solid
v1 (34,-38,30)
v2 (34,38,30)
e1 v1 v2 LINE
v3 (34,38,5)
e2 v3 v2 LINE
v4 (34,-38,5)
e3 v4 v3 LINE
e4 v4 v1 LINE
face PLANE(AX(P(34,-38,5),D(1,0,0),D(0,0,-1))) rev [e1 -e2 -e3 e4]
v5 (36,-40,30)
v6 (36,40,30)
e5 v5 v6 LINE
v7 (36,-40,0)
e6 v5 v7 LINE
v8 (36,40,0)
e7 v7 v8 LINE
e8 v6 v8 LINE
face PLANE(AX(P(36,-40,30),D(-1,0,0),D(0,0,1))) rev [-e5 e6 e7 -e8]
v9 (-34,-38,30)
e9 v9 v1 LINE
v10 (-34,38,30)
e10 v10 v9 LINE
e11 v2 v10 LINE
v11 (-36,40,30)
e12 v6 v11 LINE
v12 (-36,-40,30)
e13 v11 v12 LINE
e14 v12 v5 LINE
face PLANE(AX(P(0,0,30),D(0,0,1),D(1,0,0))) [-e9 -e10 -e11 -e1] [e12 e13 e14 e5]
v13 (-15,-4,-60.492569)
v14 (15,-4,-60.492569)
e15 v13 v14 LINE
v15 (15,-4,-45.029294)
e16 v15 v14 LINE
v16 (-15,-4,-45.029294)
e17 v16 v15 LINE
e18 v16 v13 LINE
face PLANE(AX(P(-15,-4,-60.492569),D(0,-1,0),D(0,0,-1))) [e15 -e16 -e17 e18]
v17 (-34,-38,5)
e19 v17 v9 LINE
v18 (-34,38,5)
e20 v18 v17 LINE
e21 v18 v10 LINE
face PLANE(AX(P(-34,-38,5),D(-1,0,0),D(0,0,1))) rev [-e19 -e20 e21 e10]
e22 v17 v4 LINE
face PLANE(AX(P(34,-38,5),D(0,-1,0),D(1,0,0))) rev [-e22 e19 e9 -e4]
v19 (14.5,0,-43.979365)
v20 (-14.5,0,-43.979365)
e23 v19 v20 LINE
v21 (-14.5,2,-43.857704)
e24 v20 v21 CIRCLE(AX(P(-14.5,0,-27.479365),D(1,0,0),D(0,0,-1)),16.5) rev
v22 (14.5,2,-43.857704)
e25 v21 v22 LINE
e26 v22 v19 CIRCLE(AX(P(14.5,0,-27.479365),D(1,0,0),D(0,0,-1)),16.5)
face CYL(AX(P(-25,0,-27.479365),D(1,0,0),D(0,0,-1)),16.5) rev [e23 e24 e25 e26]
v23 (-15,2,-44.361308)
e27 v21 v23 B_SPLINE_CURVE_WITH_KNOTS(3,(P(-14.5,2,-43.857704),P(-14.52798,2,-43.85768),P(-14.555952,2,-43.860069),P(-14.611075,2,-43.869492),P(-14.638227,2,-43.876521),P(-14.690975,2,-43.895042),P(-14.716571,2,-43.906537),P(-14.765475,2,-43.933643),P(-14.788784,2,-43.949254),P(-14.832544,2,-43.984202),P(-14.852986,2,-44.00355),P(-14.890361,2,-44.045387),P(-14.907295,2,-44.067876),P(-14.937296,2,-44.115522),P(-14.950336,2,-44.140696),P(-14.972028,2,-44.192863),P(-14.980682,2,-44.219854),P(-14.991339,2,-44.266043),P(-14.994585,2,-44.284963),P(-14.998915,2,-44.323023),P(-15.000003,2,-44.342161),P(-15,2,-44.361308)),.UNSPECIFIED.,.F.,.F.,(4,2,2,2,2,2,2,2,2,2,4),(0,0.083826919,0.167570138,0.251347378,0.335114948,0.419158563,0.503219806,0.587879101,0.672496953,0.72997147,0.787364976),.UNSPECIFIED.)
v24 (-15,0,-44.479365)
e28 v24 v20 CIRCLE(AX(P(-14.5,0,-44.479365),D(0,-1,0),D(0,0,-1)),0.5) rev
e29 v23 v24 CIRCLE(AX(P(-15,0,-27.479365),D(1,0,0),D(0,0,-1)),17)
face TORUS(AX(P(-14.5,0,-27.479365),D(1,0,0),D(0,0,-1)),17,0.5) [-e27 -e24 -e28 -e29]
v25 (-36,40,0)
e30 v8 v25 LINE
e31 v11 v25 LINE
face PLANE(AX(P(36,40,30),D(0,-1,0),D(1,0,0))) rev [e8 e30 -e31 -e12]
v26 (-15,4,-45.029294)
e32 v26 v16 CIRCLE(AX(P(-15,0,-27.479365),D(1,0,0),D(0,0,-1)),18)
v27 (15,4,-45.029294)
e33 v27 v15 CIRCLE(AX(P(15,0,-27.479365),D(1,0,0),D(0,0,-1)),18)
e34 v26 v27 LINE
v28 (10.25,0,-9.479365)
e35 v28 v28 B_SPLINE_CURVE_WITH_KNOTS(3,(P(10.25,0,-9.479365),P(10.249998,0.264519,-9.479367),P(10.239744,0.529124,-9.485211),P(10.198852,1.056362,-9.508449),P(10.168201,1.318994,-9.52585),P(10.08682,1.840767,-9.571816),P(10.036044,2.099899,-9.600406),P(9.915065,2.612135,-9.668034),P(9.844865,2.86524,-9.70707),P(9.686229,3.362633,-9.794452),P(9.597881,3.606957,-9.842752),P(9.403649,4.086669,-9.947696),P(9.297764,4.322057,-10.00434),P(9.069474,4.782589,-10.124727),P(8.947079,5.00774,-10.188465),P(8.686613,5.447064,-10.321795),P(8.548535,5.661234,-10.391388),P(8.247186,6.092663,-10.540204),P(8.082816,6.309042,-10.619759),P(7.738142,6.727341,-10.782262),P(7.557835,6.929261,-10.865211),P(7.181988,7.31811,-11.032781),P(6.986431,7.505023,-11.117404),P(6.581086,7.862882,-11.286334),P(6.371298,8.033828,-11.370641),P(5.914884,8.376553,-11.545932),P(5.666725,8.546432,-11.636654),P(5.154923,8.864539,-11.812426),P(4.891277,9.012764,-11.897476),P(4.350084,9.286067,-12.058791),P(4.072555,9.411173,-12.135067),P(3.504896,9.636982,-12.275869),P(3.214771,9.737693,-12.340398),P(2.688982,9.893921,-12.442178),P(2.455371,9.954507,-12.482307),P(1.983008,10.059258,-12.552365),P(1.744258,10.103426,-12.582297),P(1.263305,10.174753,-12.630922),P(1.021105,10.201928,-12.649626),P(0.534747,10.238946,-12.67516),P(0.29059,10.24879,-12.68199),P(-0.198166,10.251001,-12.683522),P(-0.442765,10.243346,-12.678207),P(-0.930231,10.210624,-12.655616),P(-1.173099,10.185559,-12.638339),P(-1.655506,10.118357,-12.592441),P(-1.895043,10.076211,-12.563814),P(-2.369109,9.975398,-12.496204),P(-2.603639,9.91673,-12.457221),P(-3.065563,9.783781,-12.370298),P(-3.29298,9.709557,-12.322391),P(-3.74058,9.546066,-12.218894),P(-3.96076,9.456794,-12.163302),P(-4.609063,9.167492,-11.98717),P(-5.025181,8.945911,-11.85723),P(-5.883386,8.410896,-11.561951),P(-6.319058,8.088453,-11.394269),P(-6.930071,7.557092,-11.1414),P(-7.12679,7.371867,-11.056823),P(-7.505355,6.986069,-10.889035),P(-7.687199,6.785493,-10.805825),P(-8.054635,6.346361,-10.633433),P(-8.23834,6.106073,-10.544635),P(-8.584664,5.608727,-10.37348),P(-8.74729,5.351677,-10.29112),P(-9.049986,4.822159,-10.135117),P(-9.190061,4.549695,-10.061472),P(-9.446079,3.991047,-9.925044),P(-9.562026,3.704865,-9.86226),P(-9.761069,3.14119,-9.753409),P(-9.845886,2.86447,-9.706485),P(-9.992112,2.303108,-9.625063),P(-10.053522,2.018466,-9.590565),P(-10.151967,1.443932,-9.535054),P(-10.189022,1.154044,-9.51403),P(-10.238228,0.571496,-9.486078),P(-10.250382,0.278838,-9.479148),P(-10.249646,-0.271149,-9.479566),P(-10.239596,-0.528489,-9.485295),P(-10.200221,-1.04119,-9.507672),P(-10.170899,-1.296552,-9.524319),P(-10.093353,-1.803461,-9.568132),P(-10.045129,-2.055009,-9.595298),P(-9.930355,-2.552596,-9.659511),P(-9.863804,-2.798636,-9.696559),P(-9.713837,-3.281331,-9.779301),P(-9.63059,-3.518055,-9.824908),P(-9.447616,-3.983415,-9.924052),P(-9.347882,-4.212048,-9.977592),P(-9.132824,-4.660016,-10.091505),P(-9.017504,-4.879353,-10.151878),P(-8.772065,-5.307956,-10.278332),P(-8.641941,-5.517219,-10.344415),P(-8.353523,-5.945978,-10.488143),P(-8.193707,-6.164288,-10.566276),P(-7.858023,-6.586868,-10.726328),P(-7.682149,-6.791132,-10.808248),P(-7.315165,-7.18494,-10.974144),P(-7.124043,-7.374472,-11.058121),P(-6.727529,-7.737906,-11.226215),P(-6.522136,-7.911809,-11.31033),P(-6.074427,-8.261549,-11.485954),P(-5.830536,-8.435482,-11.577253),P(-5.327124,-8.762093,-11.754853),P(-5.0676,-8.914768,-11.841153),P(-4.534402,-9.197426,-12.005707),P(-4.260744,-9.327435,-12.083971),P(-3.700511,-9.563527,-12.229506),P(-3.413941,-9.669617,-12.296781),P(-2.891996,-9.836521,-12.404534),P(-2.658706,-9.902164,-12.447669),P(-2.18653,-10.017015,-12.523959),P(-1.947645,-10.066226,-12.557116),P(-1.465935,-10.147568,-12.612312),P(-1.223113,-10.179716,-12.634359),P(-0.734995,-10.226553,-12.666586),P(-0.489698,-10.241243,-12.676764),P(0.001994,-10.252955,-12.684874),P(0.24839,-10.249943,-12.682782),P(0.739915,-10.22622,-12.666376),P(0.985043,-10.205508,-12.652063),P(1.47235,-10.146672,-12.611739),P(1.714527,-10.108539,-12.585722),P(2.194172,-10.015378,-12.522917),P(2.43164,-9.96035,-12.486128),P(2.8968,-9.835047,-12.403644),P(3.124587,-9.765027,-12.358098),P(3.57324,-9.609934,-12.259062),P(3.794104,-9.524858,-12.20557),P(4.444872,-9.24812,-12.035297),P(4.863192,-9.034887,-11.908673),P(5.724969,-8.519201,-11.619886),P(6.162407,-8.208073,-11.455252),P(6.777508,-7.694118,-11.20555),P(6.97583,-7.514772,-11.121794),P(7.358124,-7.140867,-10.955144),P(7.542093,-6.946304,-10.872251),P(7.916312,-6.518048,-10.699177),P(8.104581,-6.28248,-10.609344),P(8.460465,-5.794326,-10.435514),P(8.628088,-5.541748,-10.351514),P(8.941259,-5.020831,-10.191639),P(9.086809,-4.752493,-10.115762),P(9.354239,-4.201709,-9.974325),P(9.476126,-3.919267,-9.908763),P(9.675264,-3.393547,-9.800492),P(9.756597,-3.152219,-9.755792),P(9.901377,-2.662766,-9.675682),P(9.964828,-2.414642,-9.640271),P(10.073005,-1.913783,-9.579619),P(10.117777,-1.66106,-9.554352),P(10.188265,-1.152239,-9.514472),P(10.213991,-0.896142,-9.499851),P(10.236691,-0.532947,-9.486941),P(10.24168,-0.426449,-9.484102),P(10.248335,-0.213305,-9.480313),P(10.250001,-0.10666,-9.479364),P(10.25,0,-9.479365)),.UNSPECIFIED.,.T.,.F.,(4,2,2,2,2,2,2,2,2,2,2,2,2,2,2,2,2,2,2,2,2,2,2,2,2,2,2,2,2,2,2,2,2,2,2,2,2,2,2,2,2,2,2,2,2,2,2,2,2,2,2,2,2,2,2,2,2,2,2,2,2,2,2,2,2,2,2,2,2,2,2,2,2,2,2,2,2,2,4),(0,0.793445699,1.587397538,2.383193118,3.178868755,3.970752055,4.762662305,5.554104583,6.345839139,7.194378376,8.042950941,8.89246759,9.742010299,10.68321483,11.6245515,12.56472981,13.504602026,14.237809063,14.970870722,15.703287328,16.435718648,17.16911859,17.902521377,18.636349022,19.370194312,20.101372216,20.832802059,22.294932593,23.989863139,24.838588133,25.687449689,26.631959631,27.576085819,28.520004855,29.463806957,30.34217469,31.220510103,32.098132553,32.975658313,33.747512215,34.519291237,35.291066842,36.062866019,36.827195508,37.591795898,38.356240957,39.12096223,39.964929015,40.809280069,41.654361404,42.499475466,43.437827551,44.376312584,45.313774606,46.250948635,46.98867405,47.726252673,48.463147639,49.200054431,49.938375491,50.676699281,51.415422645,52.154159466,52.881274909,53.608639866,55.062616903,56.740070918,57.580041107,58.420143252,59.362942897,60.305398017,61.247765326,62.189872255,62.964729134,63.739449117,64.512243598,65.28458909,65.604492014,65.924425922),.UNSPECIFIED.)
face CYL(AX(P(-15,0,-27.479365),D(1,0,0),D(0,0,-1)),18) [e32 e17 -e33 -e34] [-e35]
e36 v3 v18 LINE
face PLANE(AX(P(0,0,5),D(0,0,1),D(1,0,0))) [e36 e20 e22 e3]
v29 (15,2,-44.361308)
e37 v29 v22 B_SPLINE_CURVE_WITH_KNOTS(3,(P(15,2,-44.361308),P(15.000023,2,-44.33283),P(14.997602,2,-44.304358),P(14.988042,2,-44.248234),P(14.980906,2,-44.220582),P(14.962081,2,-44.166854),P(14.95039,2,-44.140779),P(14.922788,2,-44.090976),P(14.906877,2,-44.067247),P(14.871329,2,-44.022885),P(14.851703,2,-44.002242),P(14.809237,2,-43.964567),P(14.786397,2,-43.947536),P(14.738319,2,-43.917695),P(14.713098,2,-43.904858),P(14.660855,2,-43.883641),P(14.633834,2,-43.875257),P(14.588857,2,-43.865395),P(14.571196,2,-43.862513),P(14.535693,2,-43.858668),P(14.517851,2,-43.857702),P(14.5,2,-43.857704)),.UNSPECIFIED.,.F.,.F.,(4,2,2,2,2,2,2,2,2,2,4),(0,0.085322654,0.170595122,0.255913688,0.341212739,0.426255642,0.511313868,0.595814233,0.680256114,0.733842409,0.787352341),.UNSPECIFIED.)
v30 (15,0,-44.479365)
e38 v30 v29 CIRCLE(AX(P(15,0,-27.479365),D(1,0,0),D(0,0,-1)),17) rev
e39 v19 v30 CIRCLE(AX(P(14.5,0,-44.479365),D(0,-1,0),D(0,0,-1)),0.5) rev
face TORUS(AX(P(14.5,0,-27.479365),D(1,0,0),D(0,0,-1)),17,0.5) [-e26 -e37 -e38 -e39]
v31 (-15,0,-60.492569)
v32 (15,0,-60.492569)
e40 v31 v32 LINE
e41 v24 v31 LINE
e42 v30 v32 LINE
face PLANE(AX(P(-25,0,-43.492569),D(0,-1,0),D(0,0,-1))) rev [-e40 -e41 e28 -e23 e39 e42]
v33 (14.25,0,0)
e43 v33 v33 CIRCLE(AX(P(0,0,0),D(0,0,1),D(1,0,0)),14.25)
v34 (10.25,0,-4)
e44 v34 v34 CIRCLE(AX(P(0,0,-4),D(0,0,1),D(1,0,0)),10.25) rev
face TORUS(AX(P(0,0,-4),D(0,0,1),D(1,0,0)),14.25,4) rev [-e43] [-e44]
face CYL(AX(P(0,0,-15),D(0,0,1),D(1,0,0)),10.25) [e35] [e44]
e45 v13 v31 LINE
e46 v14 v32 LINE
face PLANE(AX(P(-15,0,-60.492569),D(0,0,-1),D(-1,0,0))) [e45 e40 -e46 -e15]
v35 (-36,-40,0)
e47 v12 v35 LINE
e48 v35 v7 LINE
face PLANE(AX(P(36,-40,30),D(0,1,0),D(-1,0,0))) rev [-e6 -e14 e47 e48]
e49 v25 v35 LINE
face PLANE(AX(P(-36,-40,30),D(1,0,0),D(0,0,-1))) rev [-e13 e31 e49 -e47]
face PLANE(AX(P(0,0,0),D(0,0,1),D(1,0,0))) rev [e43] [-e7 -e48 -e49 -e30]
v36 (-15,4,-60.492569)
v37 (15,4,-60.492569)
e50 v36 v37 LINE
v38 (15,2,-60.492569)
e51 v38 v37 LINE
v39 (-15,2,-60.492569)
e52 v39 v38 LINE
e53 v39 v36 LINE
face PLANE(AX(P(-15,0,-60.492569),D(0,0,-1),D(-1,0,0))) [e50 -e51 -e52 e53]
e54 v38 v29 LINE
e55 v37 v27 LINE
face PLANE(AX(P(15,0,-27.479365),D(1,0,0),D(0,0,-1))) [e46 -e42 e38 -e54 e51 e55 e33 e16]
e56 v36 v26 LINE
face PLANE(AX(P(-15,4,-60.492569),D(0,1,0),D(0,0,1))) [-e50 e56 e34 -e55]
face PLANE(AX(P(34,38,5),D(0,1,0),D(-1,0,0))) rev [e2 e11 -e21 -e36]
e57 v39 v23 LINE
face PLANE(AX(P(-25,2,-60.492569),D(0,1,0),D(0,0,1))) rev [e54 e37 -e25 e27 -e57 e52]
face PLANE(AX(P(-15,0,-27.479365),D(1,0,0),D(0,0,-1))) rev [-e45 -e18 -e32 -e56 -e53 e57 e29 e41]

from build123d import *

# Parameters (mm, degrees)
ESBO_O1_W                     = 72
ESBO_O1_H                     = 80
RESSALTO_EXTRUS_O1_DEPTH      = 30
ESBO_O3_W                     = 68
ESBO_O3_H                     = 76
CORTE_EXTRUS_O1_DEPTH         = 25
ESBO_O7_R                     = 10.25
RESSALTO_EXTRUS_O3_DEPTH      = 15
FILETE1_R                     = 4
RESSALTO_EXTRUS_O4_DEPTH      = 15
RESSALTO_EXTRUS_O4_DEPTH_BACK = 15
ESBO_O9_R                     = 18
ESBO_O10_R                    = 16.5
CORTE_EXTRUS_O2_DEPTH         = 40
RESSALTO_EXTRUS_O5_DEPTH      = 15
RESSALTO_EXTRUS_O5_DEPTH_BACK = 15
ESBO_O12_W                    = 17
ESBO_O12_H                    = 2
CORTE_EXTRUS_O3_DEPTH         = 40
FILETE2_R                     = 0.5
FILETE3_R                     = 0.5


with BuildPart() as part:
    # Esboço1 → Ressalto-extrusão1 (new body)
    with BuildSketch(Plane.XY):
        Rectangle(ESBO_O1_W, ESBO_O1_H)
    extrude(amount=RESSALTO_EXTRUS_O1_DEPTH)

    # Esboço3 → Corte-extrusão1 (cut)
    with BuildSketch(Plane.XY.offset(30)):
        Rectangle(ESBO_O3_W, ESBO_O3_H)
    extrude(amount=-CORTE_EXTRUS_O1_DEPTH, mode=Mode.SUBTRACT)

    # Esboço7 → Ressalto-extrusão3 (add)
    with BuildSketch(Plane(origin=(0, 0, 0), x_dir=(-1, 0, 0), z_dir=(0, 0, -1))):
        Circle(ESBO_O7_R)
    extrude(amount=RESSALTO_EXTRUS_O3_DEPTH)

    # Filete1
    filete1_edges = [part.edges().sort_by_distance(p)[0] for p in [
        (10.25, 0, 0),
    ]]
    fillet(filete1_edges, radius=FILETE1_R)

    # Esboço9 → Ressalto-extrusão4 (add, two sides: drawn at the far end of the back side and taken through both)
    with BuildSketch(Plane(origin=(0, 0, 0), x_dir=(0, 0, -1), z_dir=(1, 0, 0)).offset(-RESSALTO_EXTRUS_O4_DEPTH_BACK)):
        with Locations((27.479364999, 0)):
            Circle(ESBO_O9_R)
    extrude(amount=RESSALTO_EXTRUS_O4_DEPTH + RESSALTO_EXTRUS_O4_DEPTH_BACK)

    # Esboço10 → Corte-extrusão2 (cut)
    with BuildSketch(Plane(origin=(15, 0, 0), x_dir=(0, 0, -1), z_dir=(1, 0, 0))):
        with Locations((27.479364999, 0)):
            Circle(ESBO_O10_R)
    extrude(amount=-CORTE_EXTRUS_O2_DEPTH, mode=Mode.SUBTRACT)

    # Esboço11 → Ressalto-extrusão5 (add, two sides: drawn at the far end of the back side and taken through both)
    with BuildSketch(Plane(origin=(0, 0, 0), x_dir=(0, 0, -1), z_dir=(1, 0, 0)).offset(-RESSALTO_EXTRUS_O5_DEPTH_BACK)):
        Polygon((60.492568737, 0), (60.492568737, 4), (45.029293774, 4), (45.029293774, -4), (60.492568737, -4), align=None)
    extrude(amount=RESSALTO_EXTRUS_O5_DEPTH + RESSALTO_EXTRUS_O5_DEPTH_BACK)

    # Esboço12 → Corte-extrusão3 (cut)
    with BuildSketch(Plane(origin=(15, 0, 0), x_dir=(0, 0, -1), z_dir=(1, 0, 0))):
        with Locations((51.992568737, 1)):
            Rectangle(ESBO_O12_W, ESBO_O12_H)
    extrude(amount=-CORTE_EXTRUS_O3_DEPTH, mode=Mode.SUBTRACT)

    # Filete2
    filete2_edges = [part.edges().sort_by_distance(p)[0] for p in [
        (15, -1.001848456, -11.009808245),
    ]]
    fillet(filete2_edges, radius=FILETE2_R)

    # Filete3
    filete3_edges = [part.edges().sort_by_distance(p)[0] for p in [
        (-15, -1.001848456, -11.009808245),
    ]]
    fillet(filete3_edges, radius=FILETE3_R)


solid = part.part
